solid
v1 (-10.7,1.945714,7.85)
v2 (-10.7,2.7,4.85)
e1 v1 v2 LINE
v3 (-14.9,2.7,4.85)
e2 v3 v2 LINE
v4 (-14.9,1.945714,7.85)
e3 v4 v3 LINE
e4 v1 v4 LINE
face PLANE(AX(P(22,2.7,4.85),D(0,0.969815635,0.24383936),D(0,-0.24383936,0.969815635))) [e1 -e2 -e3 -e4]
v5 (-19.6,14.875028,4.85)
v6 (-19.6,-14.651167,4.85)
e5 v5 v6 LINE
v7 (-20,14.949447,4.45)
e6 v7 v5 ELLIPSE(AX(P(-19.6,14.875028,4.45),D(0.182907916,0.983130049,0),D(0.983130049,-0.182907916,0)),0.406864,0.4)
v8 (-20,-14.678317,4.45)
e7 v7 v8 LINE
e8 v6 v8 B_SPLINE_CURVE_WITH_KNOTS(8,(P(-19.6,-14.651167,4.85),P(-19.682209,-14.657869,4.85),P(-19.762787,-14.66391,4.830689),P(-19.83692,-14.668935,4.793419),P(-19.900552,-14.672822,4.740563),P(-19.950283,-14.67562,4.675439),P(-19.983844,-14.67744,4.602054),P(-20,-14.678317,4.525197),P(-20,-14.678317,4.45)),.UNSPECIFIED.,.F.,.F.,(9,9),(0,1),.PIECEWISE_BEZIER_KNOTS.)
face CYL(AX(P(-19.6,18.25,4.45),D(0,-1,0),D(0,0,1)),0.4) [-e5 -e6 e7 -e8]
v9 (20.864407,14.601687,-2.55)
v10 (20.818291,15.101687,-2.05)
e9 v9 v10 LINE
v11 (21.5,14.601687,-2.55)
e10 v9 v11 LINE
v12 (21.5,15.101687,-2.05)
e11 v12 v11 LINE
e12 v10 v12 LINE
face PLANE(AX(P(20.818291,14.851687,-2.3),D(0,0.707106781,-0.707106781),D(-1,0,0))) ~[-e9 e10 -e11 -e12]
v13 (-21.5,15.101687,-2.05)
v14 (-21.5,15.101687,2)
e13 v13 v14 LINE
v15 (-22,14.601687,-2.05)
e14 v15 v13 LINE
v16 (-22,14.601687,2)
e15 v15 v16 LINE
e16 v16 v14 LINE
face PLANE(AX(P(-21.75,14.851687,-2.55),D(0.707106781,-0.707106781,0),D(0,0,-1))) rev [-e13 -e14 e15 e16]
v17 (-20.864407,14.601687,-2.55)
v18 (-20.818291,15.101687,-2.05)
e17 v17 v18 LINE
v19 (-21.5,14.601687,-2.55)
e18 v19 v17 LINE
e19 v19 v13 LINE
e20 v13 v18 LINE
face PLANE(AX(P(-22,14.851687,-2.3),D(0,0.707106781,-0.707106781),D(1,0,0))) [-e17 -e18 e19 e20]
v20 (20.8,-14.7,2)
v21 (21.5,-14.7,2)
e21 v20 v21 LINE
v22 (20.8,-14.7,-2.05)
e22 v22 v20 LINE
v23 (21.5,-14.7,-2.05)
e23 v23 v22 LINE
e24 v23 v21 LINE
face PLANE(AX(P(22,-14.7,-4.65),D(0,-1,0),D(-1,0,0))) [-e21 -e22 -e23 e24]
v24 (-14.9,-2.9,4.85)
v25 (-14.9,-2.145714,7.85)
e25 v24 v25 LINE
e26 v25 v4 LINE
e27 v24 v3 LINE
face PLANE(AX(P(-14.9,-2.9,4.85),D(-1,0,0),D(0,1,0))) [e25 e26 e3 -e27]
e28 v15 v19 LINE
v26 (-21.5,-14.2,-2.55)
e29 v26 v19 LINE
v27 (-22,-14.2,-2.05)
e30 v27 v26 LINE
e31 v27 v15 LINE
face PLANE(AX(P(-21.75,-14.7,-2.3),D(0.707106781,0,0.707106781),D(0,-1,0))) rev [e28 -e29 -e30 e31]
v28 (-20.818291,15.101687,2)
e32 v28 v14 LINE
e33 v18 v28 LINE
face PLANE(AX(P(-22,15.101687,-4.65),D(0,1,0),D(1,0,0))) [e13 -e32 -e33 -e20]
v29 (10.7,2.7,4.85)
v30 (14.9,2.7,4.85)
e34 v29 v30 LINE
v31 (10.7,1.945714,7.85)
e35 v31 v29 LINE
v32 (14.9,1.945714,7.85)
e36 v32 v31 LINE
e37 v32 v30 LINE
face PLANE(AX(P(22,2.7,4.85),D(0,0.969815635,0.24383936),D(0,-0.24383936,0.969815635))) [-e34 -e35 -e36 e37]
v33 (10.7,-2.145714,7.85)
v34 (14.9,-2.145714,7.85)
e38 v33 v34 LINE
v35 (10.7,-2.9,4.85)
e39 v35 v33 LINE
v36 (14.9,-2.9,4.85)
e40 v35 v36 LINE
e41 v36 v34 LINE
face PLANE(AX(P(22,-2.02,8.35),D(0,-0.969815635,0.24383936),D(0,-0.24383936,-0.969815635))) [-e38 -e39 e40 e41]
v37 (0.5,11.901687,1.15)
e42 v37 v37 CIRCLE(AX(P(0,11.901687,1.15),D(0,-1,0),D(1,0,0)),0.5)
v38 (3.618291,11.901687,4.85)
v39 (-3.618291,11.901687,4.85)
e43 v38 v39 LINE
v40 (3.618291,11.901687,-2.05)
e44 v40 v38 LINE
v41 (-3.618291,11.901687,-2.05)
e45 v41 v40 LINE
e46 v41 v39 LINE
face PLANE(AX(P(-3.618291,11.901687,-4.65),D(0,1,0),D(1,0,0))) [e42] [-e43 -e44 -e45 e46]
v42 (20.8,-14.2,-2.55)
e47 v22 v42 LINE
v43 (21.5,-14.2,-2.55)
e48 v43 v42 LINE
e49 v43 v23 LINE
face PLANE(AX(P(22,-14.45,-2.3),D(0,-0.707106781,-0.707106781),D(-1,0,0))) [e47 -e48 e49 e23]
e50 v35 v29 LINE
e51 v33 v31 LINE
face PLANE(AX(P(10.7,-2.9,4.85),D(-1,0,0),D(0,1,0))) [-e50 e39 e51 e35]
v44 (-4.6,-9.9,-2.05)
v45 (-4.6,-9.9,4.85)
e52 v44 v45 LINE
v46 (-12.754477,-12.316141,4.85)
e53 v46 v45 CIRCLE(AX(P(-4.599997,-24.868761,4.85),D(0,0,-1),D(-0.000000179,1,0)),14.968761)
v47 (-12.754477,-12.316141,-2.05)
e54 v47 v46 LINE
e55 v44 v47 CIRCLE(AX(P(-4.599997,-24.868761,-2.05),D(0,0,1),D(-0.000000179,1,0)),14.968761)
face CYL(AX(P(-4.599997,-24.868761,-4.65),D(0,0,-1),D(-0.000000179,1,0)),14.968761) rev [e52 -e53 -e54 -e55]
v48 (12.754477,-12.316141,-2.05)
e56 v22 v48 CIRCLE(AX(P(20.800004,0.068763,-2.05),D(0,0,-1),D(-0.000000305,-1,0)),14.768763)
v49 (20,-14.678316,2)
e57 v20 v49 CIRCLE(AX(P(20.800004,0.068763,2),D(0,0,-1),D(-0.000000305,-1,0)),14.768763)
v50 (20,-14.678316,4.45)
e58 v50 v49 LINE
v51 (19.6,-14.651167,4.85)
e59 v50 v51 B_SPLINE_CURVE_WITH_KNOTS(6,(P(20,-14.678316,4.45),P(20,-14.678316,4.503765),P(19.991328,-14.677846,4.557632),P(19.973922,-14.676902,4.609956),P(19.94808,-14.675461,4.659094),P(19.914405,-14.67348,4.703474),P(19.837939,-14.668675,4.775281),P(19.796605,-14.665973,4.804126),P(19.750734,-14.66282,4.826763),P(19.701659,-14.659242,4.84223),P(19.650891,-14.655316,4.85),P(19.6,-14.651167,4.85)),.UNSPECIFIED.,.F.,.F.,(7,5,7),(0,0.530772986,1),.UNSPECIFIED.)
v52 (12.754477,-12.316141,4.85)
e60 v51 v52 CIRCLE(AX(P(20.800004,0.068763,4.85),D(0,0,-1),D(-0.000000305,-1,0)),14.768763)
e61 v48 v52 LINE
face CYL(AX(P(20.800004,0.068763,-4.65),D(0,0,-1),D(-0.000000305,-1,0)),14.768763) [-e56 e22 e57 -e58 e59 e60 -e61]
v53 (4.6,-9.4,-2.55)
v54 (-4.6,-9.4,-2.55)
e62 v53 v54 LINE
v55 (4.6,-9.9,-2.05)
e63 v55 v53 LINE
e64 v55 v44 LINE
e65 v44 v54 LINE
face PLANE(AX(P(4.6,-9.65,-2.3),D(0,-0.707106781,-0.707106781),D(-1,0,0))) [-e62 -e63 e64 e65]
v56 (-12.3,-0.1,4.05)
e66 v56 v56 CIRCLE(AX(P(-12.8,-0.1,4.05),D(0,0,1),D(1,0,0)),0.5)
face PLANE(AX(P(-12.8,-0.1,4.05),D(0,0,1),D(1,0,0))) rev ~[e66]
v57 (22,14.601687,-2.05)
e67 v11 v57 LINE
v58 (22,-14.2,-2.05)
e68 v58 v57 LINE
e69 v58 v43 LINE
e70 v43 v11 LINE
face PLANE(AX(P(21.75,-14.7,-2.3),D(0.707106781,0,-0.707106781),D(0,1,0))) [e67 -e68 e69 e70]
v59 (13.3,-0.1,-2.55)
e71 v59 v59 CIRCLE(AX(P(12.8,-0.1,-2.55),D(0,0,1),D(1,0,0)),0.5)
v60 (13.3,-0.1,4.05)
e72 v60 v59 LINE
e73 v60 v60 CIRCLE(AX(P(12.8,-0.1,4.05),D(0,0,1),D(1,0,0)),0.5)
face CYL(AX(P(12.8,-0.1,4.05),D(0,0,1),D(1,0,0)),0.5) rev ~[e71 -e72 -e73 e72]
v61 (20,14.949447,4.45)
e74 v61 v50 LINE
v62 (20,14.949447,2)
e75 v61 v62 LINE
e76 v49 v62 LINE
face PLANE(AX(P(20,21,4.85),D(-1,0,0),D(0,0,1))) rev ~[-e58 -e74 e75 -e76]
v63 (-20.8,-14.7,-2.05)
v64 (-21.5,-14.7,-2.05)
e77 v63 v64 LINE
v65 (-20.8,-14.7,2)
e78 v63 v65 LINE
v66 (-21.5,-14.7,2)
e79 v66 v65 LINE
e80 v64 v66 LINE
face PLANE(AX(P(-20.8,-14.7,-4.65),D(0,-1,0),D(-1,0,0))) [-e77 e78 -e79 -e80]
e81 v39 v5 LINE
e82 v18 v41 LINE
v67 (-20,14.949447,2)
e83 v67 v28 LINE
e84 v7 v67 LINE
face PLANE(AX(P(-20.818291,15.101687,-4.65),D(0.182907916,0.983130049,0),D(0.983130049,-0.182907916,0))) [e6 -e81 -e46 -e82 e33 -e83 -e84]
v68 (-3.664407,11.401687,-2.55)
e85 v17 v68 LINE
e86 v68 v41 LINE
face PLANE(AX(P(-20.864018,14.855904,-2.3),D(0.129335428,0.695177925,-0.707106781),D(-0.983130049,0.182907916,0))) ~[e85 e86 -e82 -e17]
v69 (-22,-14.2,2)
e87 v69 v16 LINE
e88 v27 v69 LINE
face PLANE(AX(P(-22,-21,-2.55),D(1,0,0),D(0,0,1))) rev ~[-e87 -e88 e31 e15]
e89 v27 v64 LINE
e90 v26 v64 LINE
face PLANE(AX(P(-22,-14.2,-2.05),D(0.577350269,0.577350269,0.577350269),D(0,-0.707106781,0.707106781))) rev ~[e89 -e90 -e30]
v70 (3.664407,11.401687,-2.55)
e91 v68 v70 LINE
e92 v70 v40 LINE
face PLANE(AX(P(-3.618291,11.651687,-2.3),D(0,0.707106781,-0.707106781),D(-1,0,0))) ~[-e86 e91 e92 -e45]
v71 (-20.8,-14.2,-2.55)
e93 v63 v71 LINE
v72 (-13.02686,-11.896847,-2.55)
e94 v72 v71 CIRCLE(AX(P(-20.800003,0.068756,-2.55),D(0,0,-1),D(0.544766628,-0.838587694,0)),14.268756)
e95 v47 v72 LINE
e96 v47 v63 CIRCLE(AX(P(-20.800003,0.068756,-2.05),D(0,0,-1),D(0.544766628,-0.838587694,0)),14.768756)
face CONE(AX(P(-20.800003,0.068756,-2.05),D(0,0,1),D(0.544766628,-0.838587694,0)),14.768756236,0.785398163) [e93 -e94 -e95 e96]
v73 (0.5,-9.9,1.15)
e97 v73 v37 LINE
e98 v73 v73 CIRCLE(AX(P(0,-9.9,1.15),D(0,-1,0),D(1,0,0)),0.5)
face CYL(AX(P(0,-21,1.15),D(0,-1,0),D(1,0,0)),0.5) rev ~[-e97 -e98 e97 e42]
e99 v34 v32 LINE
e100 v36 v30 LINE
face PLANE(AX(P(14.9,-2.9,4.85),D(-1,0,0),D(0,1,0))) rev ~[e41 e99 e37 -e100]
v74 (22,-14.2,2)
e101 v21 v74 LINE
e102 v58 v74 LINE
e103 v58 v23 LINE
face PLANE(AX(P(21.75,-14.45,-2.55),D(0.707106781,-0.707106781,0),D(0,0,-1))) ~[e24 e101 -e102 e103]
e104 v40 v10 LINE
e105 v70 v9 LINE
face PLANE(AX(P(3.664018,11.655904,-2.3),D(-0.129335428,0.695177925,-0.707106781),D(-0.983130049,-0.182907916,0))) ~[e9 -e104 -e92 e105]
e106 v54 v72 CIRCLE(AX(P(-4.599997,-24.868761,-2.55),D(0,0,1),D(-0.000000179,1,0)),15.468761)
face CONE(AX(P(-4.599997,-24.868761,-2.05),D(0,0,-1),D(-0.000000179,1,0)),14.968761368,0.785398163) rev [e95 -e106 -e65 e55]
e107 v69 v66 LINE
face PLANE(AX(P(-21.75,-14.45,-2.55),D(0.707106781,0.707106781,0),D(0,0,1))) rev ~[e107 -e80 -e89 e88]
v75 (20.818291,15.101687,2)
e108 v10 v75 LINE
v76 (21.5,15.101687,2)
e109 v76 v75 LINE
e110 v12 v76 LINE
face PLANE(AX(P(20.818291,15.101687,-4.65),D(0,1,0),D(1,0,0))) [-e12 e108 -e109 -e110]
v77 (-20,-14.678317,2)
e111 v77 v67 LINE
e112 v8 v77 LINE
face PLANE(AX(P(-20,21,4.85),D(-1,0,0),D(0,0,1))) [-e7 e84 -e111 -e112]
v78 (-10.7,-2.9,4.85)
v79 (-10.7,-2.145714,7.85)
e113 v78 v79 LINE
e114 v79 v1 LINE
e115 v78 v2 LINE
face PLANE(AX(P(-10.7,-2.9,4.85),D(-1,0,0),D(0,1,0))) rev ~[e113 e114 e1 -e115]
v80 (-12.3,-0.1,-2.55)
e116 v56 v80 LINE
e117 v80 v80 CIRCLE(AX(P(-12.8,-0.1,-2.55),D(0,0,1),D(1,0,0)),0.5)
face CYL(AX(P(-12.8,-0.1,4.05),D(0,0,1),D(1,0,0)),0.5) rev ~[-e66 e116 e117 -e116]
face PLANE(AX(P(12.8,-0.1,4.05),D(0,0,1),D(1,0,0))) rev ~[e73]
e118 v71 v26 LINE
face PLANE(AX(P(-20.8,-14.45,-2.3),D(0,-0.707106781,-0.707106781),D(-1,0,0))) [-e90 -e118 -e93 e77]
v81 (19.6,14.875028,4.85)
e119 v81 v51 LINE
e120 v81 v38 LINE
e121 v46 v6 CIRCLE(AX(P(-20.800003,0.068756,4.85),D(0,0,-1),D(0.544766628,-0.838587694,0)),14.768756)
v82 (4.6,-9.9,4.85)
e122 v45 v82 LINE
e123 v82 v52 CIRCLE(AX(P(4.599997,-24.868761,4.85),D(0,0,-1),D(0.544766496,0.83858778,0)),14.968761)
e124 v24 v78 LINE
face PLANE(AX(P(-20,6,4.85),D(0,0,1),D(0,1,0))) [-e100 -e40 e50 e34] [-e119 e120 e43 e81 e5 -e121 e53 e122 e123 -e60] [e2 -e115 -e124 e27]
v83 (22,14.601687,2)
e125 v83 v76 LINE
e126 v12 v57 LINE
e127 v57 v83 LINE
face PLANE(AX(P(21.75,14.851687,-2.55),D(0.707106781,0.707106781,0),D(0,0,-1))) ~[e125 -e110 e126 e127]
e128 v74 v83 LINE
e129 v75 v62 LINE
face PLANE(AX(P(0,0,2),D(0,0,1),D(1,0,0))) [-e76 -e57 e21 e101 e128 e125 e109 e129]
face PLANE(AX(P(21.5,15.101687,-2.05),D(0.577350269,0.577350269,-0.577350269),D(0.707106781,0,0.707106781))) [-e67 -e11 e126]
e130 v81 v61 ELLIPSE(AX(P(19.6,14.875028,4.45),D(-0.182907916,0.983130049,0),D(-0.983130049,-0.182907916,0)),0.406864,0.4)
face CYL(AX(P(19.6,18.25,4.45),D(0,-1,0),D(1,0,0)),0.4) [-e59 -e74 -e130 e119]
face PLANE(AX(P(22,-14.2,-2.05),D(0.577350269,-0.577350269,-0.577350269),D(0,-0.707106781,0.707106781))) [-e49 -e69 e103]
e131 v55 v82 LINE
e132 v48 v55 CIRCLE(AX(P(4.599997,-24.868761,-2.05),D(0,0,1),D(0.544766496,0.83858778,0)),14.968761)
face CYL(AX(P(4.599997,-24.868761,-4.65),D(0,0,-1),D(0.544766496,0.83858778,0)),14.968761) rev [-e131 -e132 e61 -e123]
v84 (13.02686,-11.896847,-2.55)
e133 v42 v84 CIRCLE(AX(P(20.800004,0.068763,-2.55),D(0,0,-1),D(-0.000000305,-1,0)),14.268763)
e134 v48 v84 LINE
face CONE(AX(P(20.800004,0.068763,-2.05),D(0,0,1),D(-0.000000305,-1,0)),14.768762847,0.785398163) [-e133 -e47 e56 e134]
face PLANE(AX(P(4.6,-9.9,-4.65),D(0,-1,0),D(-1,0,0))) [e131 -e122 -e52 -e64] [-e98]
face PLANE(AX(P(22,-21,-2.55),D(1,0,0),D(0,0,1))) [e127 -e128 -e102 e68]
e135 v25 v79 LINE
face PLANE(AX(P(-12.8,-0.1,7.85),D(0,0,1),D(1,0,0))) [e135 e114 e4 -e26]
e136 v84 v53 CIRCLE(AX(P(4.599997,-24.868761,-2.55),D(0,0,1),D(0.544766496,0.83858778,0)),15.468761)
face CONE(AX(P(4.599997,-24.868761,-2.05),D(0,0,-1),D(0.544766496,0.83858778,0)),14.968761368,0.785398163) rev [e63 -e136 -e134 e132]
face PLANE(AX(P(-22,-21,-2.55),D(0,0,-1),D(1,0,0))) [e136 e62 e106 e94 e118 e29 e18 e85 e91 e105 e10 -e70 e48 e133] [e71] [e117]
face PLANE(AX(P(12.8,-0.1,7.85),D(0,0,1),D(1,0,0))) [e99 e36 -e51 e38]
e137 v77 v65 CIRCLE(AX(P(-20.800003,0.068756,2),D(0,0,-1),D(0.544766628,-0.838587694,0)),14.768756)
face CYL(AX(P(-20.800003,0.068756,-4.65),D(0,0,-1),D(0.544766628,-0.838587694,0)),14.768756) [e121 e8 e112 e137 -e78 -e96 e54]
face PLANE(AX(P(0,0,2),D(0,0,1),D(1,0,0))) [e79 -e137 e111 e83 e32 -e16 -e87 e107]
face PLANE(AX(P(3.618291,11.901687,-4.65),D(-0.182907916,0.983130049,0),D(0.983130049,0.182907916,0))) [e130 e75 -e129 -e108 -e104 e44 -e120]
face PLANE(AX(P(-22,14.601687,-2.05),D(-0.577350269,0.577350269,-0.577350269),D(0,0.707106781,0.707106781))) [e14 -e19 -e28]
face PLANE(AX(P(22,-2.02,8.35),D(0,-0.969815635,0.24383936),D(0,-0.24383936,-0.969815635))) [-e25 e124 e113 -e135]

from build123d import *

# Parameters (mm, degrees)
SKETCH_W        = 44
SKETCH_H        = 42
PAD_DEPTH       = 2
SKETCH001_W     = 40
SKETCH001_H     = 42
PAD001_DEPTH    = 2.85
SKETCH002_W     = 4.2
SKETCH002_H     = 5.6
PAD002_DEPTH    = 3
POCKET_DEPTH    = 44.001
SKETCH004_W     = 40
SKETCH004_H     = 8.35
PAD003_DEPTH    = 15
SKETCH005_W     = 40
SKETCH005_H     = 8.35
PAD004_DEPTH    = 15
POCKET001_DEPTH = 42.001
POCKET002_DEPTH = 13.201
FILLET_R        = 0.4
SKETCH008_W     = 44
SKETCH008_H     = 2.55
PAD005_DEPTH    = 42
POCKET003_DEPTH = 2.551
SKETCH009_R     = 0.5
POCKET004_DEPTH = 42.001
POCKET010_DEPTH = 17.851
CHAMFER002_SIZE = 0.5
POCKET017_START = -0.8
SKETCH019_R     = 0.5
POCKET017_DEPTH = 24.2


with BuildPart() as part:
    # Sketch → Pad (new body)
    with BuildSketch(Plane.XY):
        Rectangle(SKETCH_W, SKETCH_H)
    extrude(amount=PAD_DEPTH)

    # Sketch001 (on Face6 of Pad) → Pad001 (join)
    with BuildSketch(Plane.XY.offset(2)):
        Rectangle(SKETCH001_W, SKETCH001_H)
    extrude(amount=PAD001_DEPTH)

    # Sketch002 (on Face8 of Pad001) → Pad002 (join)
    with BuildSketch(Plane.XY.offset(4.85)):
        with Locations((-12.8, -0.1)):
            Rectangle(SKETCH002_W, SKETCH002_H)
        with Locations((12.8, -0.1)):
            Rectangle(SKETCH002_W, SKETCH002_H)
    extrude(amount=PAD002_DEPTH)

    # Sketch003 (on Face1 of Pad002) → Pocket (cut, through all)
    with BuildSketch(Plane.YZ.offset(22)):
        Polygon((-2.9, 4.85), (-2.9, 8.35), (-2.02, 8.35), align=None)
        Polygon((2.7, 8.35), (2.7, 4.85), (1.82, 8.35), align=None)
    extrude(amount=-POCKET_DEPTH, mode=Mode.SUBTRACT)

    # Sketch004 (on Face2 of Pocket) → Pad003 (join)
    with BuildSketch(Plane.XZ.offset(21)):
        with Locations((0, 9.025)):
            Rectangle(SKETCH004_W, SKETCH004_H)
    extrude(amount=-PAD003_DEPTH)

    # Sketch005 (on Face2 of Pad003) → Pad004 (join)
    with BuildSketch(Plane(origin=(0, 21, 0), x_dir=(-1, 0, 0), z_dir=(0, 1, 0))):
        with Locations((0, 9.025)):
            Rectangle(SKETCH005_W, SKETCH005_H)
    extrude(amount=-PAD004_DEPTH)

    # Sketch006 (on Face24 of Pad004) → Pocket001 (cut, through all)
    with BuildSketch(Plane(origin=(-20, 0, 0), x_dir=(0, -1, 0), z_dir=(-1, 0, 0))):
        with BuildLine():
            Line((-21, 13.2), (-20, 13.2))
            ThreePointArc((-20, 13.2), (-20.707107, 12.907107), (-21, 12.2))
            Line((-21, 12.2), (-21, 13.2))
        make_face()
        with BuildLine():
            ThreePointArc((-15, 12.2), (-15.292893, 12.907107), (-16, 13.2))
            Line((-16, 13.2), (-6, 13.2))
            Line((-6, 13.2), (-6, 4.85))
            Line((-6, 4.85), (-18.25, 4.85))
            Line((-18.25, 10.6), (-18.25, 4.85))
            Line((-17.125, 10.6), (-18.25, 10.6))
            ThreePointArc((-17.125, 10.6), (-15.794998, 11.044723), (-15, 12.2))
        make_face()
        with BuildLine():
            Line((18.35, 4.85), (18.35, 11.2))
            Line((18.35, 11.2), (16, 11.2))
            ThreePointArc((16, 13.2), (15, 12.2), (16, 11.2))
            Line((6, 13.2), (16, 13.2))
            Line((6, 4.85), (6, 13.2))
            Line((6, 4.85), (18.35, 4.85))
        make_face()
    extrude(amount=-POCKET001_DEPTH, mode=Mode.SUBTRACT)

    # Sketch007 (on Face18 of Pocket001) → Pocket002 (cut, through all)
    with BuildSketch(Plane(origin=(0, 0, 0), x_dir=(1, 0, 0), z_dir=(0, 0, -1))):
        with BuildLine():
            ThreePointArc((-17, 21), (-20.535534, 19.535534), (-22, 16))
            Line((-22, 21), (-22, 16))
            Line((-17, 21), (-22, 21))
        make_face()
        with BuildLine():
            ThreePointArc((22, 16), (20.535534, 19.535534), (17, 21))
            Line((22, 21), (17, 21))
            Line((22, 16), (22, 21))
        make_face()
        with BuildLine():
            ThreePointArc((17, -21), (20.535534, -19.535534), (22, -16))
            Line((22, -21), (22, -16))
            Line((22, -21), (17, -21))
        make_face()
        with BuildLine():
            ThreePointArc((-22, -16), (-20.535534, -19.535534), (-17, -21))
            Line((-22, -21), (-17, -21))
            Line((-22, -16), (-22, -21))
        make_face()
    extrude(amount=-POCKET002_DEPTH, mode=Mode.SUBTRACT)

    # Fillet
    fillet_edges = [part.edges().sort_by_distance(p)[0] for p in [
        (0, -21, 13.2),
        (20, -18, 13.2),
        (-20, -18, 13.2),
        (20, -18.35, 8.025),
        (-20, -18.35, 8.025),
        (-20, 18, 13.2),
        (20, 18, 13.2),
        (20, 17.6875, 10.6),
        (20, 18.25, 7.725),
        (-20, 18.25, 7.725),
        (-20, 17.6875, 10.6),
        (20, -0.05, 4.85),
        (-20, -0.05, 4.85),
    ]]
    fillet(fillet_edges, radius=FILLET_R)

    # Sketch008 (on Face15 of Clone) → Pad005 (new body)
    with BuildSketch(Plane.XZ.offset(21)):
        with Locations((0, -1.275)):
            Rectangle(SKETCH008_W, SKETCH008_H)
    extrude(amount=-PAD005_DEPTH)

    # ShapeBinder → Pocket003 (cut, through all)
    with BuildSketch(Plane(origin=(-20.88316, 19.88316, 0), x_dir=(0, 1, 0), z_dir=(0, 0, 1))):
        with BuildLine():
            Line((1.11684, 1.11684), (-3.88316, 1.11684))
            ThreePointArc((-3.88316, 1.11684), (-0.347626, -0.347626), (1.11684, -3.88316))
            Line((1.11684, -3.88316), (1.11684, 1.11684))
        make_face()
        with BuildLine():
            Line((-40.88316, 1.11684), (-40.88316, -3.88316))
            ThreePointArc((-40.88316, -3.88316), (-39.418694, -0.347626), (-35.88316, 1.11684))
            Line((-35.88316, 1.11684), (-40.88316, 1.11684))
        make_face()
        with BuildLine():
            Line((-40.88316, -37.88316), (-40.88316, -42.88316))
            Line((-40.88316, -42.88316), (-35.88316, -42.88316))
            ThreePointArc((-35.88316, -42.88316), (-39.418694, -41.418694), (-40.88316, -37.88316))
        make_face()
        with BuildLine():
            ThreePointArc((1.11684, -37.88316), (-0.347626, -41.418694), (-3.88316, -42.88316))
            Line((-3.88316, -42.88316), (1.11684, -42.88316))
            Line((1.11684, -42.88316), (1.11684, -37.88316))
        make_face()
    extrude(amount=-POCKET003_DEPTH, mode=Mode.SUBTRACT)

    # Sketch009 (on Face29 of Pocket003) → Pocket004 (cut, through all)
    with BuildSketch(Plane.XZ.offset(21)):
        with Locations((0, 1.15)):
            Circle(SKETCH009_R)
    extrude(amount=-POCKET004_DEPTH, mode=Mode.SUBTRACT)

    # ShapeBinder005 → Pocket010 (cut, through all)
    with BuildSketch(Plane(origin=(0, -16.15872, -4.65), x_dir=(0, 1, 0), z_dir=(0, 0, 1))):
        with BuildLine():
            Line((1.45872, -22), (1.45872, -20.8))
            ThreePointArc((1.45872, -20.8), (2.067221, -16.604371), (3.842579, -12.754477))
            ThreePointArc((3.842579, -12.754477), (5.641979, -8.852447), (6.25872, -4.6))
            Line((6.25872, -4.6), (6.25872, 4.6))
            ThreePointArc((6.25872, 4.6), (5.641979, 8.852447), (3.842579, 12.754477))
            ThreePointArc((3.842579, 12.754477), (2.067221, 16.60437), (1.45872, 20.8))
            Line((1.45872, 20.8), (1.45872, 22))
            Line((1.45872, 22), (0.15872, 22))
            ThreePointArc((0.15872, 22), (-3.376814, 20.535534), (-4.84128, 17))
            Line((-4.84128, 17), (-4.84128, -17))
            ThreePointArc((-4.84128, -17), (-3.376814, -20.535534), (0.15872, -22))
            Line((0.15872, -22), (1.45872, -22))
        make_face()
        with BuildLine():
            Line((37.15872, -17), (37.15872, 17))
            ThreePointArc((37.15872, 17), (35.694254, 20.535534), (32.15872, 22))
            Line((32.15872, 22), (31.260407, 22))
            Line((31.260407, 22), (31.260407, 20.818291))
            Line((31.260407, 20.818291), (28.060407, 3.618291))
            Line((28.060407, 3.618291), (28.060407, -3.618291))
            Line((28.060407, -3.618291), (31.260407, -20.818291))
            Line((31.260407, -20.818291), (31.260407, -22))
            Line((31.260407, -22), (32.15872, -22))
            ThreePointArc((32.15872, -22), (35.694254, -20.535534), (37.15872, -17))
        make_face()
    extrude(amount=POCKET010_DEPTH, mode=Mode.SUBTRACT)

    # Chamfer002
    chamfer002_edges = [part.edges().sort_by_distance(p)[0] for p in [
        (-21.4, -14.7, -2.55),
        (-16.604371, -14.0915, -2.55),
        (-8.852447, -10.516741, -2.55),
        (0, -9.9, -2.55),
        (8.852447, -10.516741, -2.55),
        (16.604371, -14.0915, -2.55),
        (21.4, -14.7, -2.55),
        (22, 0.200843, -2.55),
        (21.409145, 15.101687, -2.55),
        (12.218291, 13.501687, -2.55),
        (0, 11.901687, -2.55),
        (-12.218291, 13.501687, -2.55),
        (-21.409145, 15.101687, -2.55),
        (-22, 0.200843, -2.55),
        (22, 15.101687, -0.275),
        (22, -14.7, -0.275),
        (-22, -14.7, -0.275),
        (-22, 15.101687, -0.275),
    ]]
    chamfer(chamfer002_edges, length=CHAMFER002_SIZE)

    # Sketch019 → Pocket017 (cut)
    with BuildSketch(Plane.XY.offset(4.85).offset(POCKET017_START)):
        with Locations((-12.8, -0.1)):
            Circle(SKETCH019_R)
        with Locations((12.8, -0.1)):
            Circle(SKETCH019_R)
    extrude(amount=-POCKET017_DEPTH, mode=Mode.SUBTRACT)


solid = part.part
